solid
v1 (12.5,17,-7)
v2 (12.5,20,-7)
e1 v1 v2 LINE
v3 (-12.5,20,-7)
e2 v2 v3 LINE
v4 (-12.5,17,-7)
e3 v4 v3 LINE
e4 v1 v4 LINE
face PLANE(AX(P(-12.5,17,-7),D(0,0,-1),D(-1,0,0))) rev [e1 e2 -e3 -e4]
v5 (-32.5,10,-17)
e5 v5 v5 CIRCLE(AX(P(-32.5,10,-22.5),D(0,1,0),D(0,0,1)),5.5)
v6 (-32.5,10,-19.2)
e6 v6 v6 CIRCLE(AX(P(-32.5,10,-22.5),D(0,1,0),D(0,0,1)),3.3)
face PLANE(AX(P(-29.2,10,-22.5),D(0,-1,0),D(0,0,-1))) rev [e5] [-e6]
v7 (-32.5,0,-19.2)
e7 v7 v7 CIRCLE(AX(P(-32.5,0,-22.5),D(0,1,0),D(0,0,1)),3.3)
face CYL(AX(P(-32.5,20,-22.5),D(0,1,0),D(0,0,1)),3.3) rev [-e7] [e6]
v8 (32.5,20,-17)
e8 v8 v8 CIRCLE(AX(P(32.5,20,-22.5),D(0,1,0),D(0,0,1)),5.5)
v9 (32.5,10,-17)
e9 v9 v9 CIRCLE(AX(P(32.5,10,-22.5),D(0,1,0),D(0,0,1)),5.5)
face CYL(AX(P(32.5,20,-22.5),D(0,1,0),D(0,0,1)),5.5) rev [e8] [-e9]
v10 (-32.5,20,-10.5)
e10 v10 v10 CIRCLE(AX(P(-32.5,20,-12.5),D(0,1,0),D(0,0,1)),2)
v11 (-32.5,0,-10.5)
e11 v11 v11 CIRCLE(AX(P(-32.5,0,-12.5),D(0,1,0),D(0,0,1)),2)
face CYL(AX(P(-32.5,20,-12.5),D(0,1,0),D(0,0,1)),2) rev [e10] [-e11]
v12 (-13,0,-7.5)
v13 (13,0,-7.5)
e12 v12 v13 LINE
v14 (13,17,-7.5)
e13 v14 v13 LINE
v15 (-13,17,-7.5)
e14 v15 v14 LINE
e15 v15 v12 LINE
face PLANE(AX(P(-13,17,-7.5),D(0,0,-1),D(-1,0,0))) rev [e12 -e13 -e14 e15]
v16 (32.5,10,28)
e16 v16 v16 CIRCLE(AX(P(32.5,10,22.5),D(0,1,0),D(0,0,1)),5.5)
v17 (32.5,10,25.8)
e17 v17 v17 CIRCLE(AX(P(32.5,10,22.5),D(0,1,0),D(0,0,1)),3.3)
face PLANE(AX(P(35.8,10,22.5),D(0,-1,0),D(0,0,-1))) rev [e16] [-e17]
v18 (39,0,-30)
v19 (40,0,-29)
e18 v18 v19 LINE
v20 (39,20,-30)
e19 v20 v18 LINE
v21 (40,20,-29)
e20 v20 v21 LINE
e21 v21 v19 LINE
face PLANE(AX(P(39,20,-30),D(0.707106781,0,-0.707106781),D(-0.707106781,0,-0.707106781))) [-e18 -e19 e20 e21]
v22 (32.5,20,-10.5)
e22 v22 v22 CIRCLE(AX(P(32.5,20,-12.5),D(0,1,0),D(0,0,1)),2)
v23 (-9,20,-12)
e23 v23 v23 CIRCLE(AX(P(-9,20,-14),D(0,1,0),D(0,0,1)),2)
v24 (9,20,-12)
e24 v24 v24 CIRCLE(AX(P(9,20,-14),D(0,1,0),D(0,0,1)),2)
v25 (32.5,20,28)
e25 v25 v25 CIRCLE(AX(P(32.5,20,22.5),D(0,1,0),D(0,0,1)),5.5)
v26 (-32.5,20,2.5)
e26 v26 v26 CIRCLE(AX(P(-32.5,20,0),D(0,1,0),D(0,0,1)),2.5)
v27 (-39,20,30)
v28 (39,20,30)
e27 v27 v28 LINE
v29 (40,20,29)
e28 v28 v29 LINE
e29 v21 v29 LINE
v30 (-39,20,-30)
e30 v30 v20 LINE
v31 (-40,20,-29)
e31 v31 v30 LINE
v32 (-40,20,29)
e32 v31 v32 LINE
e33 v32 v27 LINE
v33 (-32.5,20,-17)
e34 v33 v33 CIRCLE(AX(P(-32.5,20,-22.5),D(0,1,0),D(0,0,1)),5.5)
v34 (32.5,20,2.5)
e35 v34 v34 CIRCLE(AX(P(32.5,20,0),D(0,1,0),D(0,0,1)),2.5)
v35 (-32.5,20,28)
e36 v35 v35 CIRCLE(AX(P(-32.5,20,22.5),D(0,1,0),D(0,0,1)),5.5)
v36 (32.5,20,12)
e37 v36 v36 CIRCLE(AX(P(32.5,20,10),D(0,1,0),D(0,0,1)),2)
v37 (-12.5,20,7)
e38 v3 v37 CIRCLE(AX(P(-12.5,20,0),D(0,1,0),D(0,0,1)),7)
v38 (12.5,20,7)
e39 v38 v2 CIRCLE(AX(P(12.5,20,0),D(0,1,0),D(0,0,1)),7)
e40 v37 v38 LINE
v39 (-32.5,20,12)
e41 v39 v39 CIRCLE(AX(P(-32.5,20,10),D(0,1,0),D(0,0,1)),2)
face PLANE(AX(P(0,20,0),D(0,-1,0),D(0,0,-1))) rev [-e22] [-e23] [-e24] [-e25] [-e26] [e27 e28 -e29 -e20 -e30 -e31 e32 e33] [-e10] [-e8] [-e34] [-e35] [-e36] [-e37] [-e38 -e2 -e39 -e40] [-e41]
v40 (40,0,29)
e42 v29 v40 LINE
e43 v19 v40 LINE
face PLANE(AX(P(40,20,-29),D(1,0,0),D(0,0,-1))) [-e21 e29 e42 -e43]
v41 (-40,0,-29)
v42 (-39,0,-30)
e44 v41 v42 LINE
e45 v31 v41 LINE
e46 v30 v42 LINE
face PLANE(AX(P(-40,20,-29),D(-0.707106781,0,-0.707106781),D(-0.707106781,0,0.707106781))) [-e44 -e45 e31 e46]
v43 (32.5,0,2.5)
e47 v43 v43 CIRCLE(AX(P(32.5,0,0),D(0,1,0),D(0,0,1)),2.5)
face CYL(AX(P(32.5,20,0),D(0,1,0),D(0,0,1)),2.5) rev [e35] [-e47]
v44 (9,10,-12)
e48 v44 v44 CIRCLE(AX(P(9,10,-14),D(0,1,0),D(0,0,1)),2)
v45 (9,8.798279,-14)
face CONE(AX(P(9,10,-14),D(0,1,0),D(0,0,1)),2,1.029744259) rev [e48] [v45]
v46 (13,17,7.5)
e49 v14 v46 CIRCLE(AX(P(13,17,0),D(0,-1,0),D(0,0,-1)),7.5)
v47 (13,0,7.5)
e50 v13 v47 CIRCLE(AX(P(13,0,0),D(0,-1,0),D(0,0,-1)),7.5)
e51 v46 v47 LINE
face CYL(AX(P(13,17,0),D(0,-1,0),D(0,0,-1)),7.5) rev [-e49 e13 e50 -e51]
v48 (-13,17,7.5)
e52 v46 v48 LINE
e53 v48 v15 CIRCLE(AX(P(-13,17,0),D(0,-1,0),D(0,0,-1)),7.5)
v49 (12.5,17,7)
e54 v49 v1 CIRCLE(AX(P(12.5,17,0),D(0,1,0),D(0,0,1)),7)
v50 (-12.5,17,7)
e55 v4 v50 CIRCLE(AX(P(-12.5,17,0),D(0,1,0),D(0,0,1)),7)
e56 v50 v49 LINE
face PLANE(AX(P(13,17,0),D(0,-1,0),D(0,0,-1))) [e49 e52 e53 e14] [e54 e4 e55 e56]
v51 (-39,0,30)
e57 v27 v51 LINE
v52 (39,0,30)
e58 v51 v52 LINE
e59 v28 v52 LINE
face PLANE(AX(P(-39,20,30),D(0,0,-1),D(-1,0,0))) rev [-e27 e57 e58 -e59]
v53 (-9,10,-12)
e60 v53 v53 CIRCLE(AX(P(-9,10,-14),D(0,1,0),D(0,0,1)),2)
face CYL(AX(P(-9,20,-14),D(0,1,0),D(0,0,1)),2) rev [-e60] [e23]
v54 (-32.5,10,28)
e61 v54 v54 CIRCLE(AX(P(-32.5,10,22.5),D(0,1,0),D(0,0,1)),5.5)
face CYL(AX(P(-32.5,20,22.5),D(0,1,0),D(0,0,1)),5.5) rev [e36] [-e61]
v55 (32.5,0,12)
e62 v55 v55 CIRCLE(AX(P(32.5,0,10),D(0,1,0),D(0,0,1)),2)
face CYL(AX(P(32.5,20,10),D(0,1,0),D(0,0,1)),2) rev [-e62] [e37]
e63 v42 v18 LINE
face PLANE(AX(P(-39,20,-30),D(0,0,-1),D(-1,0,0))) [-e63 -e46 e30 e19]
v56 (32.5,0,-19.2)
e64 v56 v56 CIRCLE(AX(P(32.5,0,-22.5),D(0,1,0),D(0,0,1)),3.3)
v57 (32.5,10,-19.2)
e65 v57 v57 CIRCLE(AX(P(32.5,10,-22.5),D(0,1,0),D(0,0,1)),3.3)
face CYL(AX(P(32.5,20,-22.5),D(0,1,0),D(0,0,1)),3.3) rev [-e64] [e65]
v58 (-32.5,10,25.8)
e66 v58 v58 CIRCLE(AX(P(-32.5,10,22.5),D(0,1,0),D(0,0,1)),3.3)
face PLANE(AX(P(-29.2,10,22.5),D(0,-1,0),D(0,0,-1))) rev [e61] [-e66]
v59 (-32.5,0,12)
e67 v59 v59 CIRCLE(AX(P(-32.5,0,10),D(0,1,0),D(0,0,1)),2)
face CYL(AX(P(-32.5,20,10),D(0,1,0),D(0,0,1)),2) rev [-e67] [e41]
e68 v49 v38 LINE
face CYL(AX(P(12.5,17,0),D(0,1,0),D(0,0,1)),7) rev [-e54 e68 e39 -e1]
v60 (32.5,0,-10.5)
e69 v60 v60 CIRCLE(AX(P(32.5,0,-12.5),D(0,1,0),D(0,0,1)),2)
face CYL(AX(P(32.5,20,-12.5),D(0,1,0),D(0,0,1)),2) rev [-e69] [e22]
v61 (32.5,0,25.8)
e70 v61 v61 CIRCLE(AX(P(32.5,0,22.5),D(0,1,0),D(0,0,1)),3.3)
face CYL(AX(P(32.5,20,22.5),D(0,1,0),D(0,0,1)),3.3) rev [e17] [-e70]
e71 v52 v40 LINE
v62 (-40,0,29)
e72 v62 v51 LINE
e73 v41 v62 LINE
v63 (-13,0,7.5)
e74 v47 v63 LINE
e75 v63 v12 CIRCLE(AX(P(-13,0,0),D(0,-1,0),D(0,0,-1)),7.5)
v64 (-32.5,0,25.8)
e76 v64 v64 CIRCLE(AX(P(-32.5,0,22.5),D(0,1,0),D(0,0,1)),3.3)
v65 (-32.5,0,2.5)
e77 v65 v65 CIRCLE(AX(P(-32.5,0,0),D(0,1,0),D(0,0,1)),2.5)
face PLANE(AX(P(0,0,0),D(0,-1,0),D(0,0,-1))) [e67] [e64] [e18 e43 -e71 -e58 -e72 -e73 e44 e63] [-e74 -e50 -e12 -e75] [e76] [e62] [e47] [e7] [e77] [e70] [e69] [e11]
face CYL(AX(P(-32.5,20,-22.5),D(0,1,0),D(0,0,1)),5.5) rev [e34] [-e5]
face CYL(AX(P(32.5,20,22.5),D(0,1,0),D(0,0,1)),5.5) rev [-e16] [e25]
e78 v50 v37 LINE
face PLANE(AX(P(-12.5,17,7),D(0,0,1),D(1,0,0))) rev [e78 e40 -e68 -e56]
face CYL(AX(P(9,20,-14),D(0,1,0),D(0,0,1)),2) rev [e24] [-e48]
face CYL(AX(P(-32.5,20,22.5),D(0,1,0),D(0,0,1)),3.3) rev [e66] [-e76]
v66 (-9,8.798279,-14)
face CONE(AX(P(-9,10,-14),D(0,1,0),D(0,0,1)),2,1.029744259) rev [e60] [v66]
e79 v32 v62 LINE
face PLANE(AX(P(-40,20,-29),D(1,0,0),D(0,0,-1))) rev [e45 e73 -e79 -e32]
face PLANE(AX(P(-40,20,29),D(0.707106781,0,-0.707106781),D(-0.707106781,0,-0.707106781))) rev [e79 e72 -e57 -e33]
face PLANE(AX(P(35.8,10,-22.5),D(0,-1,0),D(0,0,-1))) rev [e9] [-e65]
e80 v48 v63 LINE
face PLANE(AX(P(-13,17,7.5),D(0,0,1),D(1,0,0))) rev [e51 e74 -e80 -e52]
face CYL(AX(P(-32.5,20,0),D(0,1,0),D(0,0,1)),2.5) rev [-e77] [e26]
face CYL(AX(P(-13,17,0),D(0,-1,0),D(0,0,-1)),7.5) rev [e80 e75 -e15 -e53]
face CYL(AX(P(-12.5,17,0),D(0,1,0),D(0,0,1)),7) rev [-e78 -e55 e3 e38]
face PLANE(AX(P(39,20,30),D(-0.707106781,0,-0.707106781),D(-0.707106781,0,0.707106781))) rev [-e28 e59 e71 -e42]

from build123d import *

# Parameters (mm, degrees)
BOSS_EXTRUDE1_DEPTH                              = 20
CUT_EXTRUDE1_DEPTH                               = 3
CUT_EXTRUDE3_DEPTH                               = 17
F_4_0MM_DOWEL_HOLE1_D                            = 4
F_4_0MM_DOWEL_HOLE1_DEPTH                        = 10
F_4_0MM_DOWEL_HOLE1_TIP                          = 1.201721238
M6X1_0_TAPPED_HOLE1_D                            = 5
CBORE_FOR_M5_HEX_HEAD_MACHINE_SCREW1_D           = 6.6
CBORE_FOR_M5_HEX_HEAD_MACHINE_SCREW1_CBORE_D     = 11
CBORE_FOR_M5_HEX_HEAD_MACHINE_SCREW1_CBORE_DEPTH = 10
F_4_0MM_DOWEL_HOLE2_D                            = 4


with BuildPart() as part:
    # Sketch1 → Boss-Extrude1 (new body)
    with BuildSketch(Plane(origin=(0, 0, 0), x_dir=(1, 0, 0), z_dir=(0, 1, 0))):
        Polygon((39, 30), (40, 29), (40, -29), (39, -30), (-39, -30), (-40, -29), (-40, 29), (-39, 30), align=None)
    extrude(amount=BOSS_EXTRUDE1_DEPTH)

    # Sketch2 → Cut-Extrude1 (cut)
    with BuildSketch(Plane(origin=(0, 20, 0), x_dir=(1, 0, 0), z_dir=(0, 1, 0))):
        with BuildLine():
            Line((-12.5, 7), (12.5, 7))
            ThreePointArc((12.5, 7), (19.5, 0), (12.5, -7))
            Line((12.5, -7), (-12.5, -7))
            ThreePointArc((-12.5, -7), (-19.5, 0), (-12.5, 7))
        make_face()
    extrude(amount=-CUT_EXTRUDE1_DEPTH, mode=Mode.SUBTRACT)

    # Sketch3 → Cut-Extrude3 (cut)
    with BuildSketch(Plane(origin=(0, 0, 0), x_dir=(-1, 0, 0), z_dir=(0, -1, 0))):
        with BuildLine():
            Line((13, -7.5), (-13, -7.5))
            ThreePointArc((-13, -7.5), (-20.5, 0), (-13, 7.5))
            Line((-13, 7.5), (13, 7.5))
            ThreePointArc((13, 7.5), (20.5, 0), (13, -7.5))
        make_face()
    extrude(amount=-CUT_EXTRUDE3_DEPTH, mode=Mode.SUBTRACT)

    # Ø4.0mm Dowel Hole1
    with Locations(Plane(origin=(0, 20, 0), x_dir=(1, 0, 0), z_dir=(0, 1, 0))):
        with Locations((9, 14), (-9, 14)):
            Hole(F_4_0MM_DOWEL_HOLE1_D / 2, depth=F_4_0MM_DOWEL_HOLE1_DEPTH)
            with Locations((0, 0, -(F_4_0MM_DOWEL_HOLE1_DEPTH + F_4_0MM_DOWEL_HOLE1_TIP / 2))):  # 118° drill point
                Cone(0, F_4_0MM_DOWEL_HOLE1_D / 2, F_4_0MM_DOWEL_HOLE1_TIP, mode=Mode.SUBTRACT)

    # M6x1.0 Tapped Hole1 (through all)
    with Locations(Plane(origin=(0, 20, 0), x_dir=(1, 0, 0), z_dir=(0, 1, 0))):
        with Locations((-32.5, 0), (32.5, 0)):
            Hole(M6X1_0_TAPPED_HOLE1_D / 2)

    # CBORE for M5 Hex Head Machine Screw1 (through all)
    with Locations(Plane(origin=(0, 20, 0), x_dir=(1, 0, 0), z_dir=(0, 1, 0))):
        with Locations((-32.5, -22.5), (-32.5, 22.5), (32.5, 22.5), (32.5, -22.5)):
            CounterBoreHole(CBORE_FOR_M5_HEX_HEAD_MACHINE_SCREW1_D / 2, CBORE_FOR_M5_HEX_HEAD_MACHINE_SCREW1_CBORE_D / 2, CBORE_FOR_M5_HEX_HEAD_MACHINE_SCREW1_CBORE_DEPTH)

    # Ø4.0mm Dowel Hole2 (through all)
    with Locations(Plane(origin=(0, 20, 0), x_dir=(1, 0, 0), z_dir=(0, 1, 0))):
        with Locations((32.5, 12.5), (32.5, -10), (-32.5, -10), (-32.5, 12.5)):
            Hole(F_4_0MM_DOWEL_HOLE2_D / 2)


solid = part.part
